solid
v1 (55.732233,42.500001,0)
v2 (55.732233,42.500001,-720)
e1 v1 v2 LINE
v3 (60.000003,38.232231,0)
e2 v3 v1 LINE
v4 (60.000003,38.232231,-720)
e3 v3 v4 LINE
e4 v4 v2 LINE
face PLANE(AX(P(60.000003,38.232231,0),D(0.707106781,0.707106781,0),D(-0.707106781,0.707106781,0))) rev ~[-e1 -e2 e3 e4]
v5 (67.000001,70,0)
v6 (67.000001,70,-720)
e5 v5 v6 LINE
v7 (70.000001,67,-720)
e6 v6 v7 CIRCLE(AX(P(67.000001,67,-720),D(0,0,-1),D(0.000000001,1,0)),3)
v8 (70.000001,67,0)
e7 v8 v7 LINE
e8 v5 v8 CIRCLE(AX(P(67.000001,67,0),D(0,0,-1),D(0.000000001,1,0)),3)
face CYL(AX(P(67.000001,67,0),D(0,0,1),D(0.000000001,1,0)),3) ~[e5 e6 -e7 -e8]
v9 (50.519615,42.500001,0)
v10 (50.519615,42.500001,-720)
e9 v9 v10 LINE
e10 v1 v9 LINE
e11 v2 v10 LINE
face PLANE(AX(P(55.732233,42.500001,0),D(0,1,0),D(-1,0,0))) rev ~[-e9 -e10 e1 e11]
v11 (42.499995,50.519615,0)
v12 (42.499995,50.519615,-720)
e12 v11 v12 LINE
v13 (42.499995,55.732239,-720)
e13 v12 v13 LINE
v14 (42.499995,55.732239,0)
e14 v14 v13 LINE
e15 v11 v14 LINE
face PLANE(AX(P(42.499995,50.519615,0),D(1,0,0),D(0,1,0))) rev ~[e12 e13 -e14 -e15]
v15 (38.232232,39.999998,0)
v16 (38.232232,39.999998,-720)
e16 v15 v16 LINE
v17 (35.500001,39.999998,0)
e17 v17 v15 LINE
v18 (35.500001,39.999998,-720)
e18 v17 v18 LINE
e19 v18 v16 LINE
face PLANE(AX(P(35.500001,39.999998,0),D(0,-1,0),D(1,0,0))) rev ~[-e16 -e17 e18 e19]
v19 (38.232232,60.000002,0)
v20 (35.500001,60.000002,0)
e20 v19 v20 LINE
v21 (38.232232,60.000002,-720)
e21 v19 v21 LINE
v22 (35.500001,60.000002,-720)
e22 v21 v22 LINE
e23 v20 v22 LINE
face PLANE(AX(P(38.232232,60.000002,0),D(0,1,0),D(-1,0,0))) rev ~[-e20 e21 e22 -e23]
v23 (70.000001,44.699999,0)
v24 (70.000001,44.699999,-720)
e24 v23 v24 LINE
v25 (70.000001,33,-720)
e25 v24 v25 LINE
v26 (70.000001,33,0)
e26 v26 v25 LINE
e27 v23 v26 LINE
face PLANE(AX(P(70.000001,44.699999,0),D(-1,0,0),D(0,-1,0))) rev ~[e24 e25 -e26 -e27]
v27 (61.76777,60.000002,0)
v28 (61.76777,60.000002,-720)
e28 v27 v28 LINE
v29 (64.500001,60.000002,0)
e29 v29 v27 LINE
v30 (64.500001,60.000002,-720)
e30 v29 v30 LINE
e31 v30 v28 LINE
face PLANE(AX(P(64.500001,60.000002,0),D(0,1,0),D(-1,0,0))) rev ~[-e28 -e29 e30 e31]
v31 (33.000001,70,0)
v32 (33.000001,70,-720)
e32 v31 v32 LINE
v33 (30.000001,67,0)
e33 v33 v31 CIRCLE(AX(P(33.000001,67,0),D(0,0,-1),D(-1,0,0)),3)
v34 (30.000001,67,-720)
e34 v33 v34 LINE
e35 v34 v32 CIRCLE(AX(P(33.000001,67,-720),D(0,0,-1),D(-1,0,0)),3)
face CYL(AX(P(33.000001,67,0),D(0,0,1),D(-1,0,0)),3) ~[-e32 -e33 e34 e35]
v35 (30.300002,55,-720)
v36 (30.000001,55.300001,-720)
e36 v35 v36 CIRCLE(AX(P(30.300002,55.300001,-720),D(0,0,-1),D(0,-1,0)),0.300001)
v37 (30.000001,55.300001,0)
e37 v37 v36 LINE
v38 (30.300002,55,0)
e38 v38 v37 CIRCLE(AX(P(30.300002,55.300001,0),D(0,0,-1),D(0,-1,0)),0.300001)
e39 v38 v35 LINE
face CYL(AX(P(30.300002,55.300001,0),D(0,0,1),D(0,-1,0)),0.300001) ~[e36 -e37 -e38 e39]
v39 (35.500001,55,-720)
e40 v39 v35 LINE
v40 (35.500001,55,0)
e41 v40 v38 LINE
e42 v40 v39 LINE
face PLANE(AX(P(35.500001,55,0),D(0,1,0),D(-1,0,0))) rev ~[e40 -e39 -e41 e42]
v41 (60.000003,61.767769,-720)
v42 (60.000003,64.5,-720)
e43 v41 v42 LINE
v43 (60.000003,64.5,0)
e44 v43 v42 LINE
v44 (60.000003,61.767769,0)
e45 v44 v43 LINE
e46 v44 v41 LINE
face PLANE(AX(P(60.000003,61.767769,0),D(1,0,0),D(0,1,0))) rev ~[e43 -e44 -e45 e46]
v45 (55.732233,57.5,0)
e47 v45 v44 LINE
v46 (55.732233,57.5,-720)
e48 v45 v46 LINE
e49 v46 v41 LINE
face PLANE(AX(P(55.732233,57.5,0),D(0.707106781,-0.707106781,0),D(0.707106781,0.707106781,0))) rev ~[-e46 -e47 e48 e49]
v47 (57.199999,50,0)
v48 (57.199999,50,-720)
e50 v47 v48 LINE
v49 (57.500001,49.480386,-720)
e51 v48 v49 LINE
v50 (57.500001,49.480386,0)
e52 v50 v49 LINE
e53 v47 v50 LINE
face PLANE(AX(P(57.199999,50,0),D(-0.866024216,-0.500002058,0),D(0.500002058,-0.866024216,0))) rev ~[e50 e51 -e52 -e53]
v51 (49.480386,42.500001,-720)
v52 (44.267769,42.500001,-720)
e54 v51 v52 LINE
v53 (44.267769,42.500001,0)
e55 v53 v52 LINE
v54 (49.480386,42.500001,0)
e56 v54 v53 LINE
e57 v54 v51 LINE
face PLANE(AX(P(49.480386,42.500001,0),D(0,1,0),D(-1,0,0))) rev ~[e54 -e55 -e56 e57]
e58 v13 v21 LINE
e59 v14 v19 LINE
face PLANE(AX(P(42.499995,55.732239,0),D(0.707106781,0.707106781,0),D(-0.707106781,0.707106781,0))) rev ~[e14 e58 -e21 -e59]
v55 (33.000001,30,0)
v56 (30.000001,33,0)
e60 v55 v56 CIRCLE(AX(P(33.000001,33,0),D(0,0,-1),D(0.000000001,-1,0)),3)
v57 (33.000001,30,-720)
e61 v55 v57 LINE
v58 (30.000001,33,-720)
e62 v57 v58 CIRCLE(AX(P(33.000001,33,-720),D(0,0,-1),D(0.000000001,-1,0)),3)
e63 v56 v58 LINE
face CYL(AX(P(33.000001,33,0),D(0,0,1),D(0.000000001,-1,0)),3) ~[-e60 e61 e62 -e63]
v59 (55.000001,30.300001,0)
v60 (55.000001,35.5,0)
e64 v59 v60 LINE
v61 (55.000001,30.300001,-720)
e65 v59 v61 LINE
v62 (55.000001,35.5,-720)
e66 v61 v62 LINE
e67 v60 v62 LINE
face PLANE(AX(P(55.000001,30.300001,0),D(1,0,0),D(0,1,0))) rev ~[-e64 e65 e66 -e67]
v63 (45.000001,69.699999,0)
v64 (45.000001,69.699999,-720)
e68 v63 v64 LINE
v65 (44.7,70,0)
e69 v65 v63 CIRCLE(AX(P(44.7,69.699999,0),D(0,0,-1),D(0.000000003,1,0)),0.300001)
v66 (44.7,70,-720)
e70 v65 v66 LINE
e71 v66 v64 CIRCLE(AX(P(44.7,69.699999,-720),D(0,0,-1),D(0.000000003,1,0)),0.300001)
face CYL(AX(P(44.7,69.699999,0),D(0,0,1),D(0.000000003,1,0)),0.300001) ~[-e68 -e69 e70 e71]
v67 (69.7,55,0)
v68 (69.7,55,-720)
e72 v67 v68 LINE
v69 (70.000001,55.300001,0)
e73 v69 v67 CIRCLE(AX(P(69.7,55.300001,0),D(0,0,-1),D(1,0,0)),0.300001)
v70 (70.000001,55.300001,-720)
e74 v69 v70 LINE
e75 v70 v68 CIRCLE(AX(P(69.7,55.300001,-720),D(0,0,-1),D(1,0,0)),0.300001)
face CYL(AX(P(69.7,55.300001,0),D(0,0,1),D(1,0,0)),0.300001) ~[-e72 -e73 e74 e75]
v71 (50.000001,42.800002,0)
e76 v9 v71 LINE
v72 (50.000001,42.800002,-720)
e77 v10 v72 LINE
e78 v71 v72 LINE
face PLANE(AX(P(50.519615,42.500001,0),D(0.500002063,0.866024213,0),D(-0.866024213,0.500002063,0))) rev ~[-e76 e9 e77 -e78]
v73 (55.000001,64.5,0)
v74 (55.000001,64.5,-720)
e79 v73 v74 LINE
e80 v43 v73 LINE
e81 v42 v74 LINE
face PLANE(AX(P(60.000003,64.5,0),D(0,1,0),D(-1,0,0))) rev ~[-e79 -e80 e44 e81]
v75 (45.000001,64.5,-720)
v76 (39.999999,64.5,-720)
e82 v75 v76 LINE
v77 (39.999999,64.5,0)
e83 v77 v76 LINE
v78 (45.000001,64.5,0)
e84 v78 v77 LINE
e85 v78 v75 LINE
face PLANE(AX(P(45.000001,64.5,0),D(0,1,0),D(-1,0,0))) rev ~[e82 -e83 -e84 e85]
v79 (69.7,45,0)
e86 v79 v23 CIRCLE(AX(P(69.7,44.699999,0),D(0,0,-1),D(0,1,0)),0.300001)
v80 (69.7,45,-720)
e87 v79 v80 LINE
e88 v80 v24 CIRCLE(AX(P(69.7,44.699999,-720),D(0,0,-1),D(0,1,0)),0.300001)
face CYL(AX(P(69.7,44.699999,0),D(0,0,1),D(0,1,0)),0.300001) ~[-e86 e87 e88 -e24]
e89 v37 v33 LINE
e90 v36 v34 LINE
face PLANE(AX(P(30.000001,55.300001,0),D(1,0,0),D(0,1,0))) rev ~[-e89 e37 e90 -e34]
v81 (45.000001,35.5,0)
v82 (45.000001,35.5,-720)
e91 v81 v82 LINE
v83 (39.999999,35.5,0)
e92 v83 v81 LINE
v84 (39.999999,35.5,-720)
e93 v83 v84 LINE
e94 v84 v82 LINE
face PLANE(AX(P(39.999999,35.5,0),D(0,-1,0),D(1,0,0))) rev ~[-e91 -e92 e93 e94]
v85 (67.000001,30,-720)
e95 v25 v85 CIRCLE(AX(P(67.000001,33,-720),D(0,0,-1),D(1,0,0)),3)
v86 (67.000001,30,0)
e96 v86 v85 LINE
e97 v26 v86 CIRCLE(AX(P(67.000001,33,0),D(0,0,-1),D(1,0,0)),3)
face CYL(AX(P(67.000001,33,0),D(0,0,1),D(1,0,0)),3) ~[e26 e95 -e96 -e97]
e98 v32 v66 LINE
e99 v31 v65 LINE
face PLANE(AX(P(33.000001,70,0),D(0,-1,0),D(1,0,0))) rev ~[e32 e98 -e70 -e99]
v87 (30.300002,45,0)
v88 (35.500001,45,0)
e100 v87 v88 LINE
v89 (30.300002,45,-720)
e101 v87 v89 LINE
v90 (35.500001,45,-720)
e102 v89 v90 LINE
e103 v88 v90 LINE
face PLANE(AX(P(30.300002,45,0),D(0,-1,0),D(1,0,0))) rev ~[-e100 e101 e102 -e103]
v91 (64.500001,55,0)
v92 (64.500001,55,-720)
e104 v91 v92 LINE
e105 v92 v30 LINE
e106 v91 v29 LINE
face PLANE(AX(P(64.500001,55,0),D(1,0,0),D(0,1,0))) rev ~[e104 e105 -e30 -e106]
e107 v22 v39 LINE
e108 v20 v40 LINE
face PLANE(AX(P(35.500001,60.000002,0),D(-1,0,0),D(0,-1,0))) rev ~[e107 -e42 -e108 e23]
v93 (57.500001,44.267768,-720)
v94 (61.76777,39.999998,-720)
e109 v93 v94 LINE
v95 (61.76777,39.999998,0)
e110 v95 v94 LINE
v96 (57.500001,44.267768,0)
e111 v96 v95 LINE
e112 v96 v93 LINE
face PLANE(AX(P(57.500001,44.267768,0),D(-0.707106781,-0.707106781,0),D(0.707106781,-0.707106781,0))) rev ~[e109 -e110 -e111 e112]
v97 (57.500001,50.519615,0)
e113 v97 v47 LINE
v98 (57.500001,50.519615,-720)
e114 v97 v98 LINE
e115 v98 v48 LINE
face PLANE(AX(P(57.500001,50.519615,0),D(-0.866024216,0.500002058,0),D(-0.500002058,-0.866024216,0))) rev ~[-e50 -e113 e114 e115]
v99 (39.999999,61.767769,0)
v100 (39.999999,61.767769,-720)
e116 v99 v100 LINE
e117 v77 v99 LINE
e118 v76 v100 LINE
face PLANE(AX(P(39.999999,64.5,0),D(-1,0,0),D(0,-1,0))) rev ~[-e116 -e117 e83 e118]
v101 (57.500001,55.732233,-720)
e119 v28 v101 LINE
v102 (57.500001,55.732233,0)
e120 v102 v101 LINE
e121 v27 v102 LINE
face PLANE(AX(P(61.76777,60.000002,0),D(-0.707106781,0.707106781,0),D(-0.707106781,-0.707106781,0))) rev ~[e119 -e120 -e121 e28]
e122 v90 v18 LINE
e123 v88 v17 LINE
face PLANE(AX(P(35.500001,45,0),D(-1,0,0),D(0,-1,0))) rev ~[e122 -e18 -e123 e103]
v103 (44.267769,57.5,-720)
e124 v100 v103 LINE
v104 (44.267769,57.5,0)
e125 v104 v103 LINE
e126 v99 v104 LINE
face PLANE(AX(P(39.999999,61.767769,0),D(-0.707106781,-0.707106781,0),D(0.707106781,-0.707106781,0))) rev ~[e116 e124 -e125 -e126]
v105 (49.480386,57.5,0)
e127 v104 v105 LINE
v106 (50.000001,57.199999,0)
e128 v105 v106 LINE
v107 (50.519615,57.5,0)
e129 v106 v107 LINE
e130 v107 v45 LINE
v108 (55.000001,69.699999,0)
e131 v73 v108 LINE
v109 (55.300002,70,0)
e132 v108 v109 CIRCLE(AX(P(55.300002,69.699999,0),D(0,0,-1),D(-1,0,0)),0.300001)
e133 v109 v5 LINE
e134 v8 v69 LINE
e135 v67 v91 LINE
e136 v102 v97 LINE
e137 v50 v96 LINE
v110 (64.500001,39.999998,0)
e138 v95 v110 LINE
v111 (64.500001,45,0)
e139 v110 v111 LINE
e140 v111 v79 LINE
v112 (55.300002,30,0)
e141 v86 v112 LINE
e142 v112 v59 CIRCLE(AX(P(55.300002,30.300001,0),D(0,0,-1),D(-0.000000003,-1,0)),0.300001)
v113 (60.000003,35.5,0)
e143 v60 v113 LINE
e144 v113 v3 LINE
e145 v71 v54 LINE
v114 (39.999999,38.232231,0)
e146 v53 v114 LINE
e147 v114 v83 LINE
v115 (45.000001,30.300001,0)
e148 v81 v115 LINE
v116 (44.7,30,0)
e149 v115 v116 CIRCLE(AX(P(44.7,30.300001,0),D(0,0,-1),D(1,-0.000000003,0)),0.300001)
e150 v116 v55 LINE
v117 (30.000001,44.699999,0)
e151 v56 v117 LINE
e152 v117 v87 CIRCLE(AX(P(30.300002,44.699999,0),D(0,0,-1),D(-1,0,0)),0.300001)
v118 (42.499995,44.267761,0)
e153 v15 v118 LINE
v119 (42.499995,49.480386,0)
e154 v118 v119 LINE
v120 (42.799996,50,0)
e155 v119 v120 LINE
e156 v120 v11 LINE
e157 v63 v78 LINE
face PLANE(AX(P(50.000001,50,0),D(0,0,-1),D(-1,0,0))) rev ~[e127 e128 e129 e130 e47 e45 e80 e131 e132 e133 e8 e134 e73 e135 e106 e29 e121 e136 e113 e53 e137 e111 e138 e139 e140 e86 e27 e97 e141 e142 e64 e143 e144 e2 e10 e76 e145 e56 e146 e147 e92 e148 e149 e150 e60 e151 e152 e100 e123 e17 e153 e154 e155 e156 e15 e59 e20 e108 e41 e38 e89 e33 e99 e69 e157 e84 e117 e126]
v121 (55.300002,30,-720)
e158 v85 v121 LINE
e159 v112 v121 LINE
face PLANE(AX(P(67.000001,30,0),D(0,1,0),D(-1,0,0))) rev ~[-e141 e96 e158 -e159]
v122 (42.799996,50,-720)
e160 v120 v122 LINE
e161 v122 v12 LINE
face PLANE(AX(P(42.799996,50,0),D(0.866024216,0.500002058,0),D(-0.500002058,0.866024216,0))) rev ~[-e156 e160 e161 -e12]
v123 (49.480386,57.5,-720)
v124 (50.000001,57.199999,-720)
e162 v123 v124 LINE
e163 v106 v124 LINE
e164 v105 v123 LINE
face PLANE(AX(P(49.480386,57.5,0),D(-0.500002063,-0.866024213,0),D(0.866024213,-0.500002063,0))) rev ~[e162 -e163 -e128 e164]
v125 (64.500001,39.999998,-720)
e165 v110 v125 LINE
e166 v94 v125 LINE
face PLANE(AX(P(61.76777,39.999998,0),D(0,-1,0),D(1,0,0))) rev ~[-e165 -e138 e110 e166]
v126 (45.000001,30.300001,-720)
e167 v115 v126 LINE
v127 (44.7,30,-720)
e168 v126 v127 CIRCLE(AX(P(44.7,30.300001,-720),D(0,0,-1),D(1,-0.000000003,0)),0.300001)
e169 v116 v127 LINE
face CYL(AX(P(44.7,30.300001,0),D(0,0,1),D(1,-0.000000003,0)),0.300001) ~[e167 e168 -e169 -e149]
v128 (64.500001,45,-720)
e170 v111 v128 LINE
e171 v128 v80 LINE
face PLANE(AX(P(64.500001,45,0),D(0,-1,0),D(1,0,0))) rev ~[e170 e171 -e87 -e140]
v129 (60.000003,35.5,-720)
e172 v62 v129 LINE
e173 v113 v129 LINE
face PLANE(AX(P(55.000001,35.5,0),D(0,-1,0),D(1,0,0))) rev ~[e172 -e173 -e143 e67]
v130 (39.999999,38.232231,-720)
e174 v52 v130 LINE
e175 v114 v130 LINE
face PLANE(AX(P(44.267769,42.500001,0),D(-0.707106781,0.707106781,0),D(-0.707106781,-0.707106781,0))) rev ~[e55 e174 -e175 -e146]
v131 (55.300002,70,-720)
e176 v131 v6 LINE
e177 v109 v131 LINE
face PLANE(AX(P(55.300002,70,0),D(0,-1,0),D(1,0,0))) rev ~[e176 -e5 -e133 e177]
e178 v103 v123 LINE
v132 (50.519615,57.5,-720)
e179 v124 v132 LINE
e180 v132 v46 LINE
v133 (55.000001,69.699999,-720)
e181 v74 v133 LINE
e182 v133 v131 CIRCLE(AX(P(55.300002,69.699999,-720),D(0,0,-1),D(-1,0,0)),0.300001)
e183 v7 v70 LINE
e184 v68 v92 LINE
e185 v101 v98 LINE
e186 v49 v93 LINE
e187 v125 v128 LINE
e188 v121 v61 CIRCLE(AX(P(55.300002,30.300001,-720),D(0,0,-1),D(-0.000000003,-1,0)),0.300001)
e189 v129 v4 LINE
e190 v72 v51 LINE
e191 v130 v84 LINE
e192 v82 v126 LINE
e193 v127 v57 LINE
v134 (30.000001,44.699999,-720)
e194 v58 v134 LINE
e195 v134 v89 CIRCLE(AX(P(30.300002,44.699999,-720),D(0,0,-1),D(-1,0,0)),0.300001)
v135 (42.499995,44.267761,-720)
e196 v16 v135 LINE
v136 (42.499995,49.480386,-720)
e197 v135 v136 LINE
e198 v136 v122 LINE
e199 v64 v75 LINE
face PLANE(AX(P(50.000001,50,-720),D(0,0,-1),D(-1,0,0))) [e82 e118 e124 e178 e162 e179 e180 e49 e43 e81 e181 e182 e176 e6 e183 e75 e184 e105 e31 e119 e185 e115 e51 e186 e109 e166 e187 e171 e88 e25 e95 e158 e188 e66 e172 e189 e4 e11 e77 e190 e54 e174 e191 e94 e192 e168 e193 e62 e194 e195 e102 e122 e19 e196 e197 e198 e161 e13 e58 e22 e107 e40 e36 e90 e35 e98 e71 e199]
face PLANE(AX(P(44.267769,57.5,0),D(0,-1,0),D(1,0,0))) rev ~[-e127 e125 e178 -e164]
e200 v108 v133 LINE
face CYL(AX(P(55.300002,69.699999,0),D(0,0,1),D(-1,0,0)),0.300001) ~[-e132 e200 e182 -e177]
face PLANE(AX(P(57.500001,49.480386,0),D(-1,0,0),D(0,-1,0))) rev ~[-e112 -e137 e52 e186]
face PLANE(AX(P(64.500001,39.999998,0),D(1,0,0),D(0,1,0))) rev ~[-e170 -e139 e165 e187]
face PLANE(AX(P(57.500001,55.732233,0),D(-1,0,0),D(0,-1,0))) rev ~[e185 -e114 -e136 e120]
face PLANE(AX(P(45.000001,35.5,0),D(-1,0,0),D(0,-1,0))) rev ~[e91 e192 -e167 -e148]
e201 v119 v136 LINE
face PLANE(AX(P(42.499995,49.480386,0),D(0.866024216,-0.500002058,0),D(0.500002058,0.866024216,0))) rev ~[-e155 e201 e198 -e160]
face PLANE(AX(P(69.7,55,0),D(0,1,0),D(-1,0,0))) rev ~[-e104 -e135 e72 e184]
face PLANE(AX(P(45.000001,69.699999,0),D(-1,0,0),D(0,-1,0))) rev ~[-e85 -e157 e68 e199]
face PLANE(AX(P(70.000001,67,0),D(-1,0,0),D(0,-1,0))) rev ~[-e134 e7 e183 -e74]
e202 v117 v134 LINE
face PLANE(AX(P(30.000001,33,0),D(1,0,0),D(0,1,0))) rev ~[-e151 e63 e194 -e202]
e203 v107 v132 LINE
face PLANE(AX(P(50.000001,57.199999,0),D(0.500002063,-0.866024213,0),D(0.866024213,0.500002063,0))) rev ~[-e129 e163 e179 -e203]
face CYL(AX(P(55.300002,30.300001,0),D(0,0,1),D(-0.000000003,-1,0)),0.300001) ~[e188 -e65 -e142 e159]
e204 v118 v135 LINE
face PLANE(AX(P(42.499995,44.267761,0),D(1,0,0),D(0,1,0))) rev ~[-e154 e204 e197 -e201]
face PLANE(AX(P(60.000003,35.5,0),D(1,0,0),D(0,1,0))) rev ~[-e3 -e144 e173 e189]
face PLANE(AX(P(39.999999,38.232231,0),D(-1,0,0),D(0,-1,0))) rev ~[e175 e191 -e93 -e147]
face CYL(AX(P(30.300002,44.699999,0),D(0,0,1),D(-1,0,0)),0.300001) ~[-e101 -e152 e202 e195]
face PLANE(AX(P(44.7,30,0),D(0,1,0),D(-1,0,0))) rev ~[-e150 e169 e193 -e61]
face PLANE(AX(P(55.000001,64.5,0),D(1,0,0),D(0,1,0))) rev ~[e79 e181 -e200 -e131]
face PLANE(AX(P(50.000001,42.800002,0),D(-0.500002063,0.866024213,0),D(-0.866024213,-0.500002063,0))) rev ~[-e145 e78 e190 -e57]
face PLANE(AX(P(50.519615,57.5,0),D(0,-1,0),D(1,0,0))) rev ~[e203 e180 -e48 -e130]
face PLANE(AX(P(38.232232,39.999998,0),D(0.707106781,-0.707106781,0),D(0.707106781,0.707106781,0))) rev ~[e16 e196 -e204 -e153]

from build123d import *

# Parameters (mm, degrees)
EXTRUDE_1_DEPTH = 720


with BuildPart() as part:
    # Model → ﾎﾞｽ - 押し出し1 (new body)
    with BuildSketch(Plane.XY):
        with BuildLine():
            Line((69.700000053, 55.000000195), (64.500000711, 55.000000195))
            Line((64.500000711, 55.000000195), (64.500000711, 60.000002187))
            Line((64.500000711, 60.000002187), (61.76777021, 60.000002187))
            Line((61.76777021, 60.000002187), (57.500000584, 55.732232559))
            Line((57.500000584, 55.732232559), (57.500000584, 50.519614724))
            Line((57.500000584, 50.519614724), (57.199999339, 50.000000177))
            Line((57.199999339, 50.000000177), (57.500000584, 49.48038563))
            Line((57.500000584, 49.48038563), (57.500000584, 44.267767795))
            Line((57.500000584, 44.267767795), (61.76777021, 39.999998167))
            Line((61.76777021, 39.999998167), (64.500000711, 39.999998167))
            Line((64.500000711, 39.999998167), (64.500000711, 45.000000159))
            Line((64.500000711, 45.000000159), (69.700000053, 45.000000159))
            ThreePointArc((69.700000053, 45.000000159), (69.9121326, 44.912131981), (70.000000778, 44.699999434))
            Line((70.000000778, 44.699999434), (70.000000778, 33.000000332))
            ThreePointArc((70.000000778, 33.000000332), (69.121321121, 30.878679988), (67.000000778, 30.000000332))
            Line((67.000000778, 30.000000332), (55.300001675, 30.000000332))
            ThreePointArc((55.300001675, 30.000000332), (55.087869129, 30.08786851), (55.000000951, 30.300001056))
            Line((55.000000951, 30.300001056), (55.000000951, 35.500000399))
            Line((55.000000951, 35.500000399), (60.000002943, 35.500000399))
            Line((60.000002943, 35.500000399), (60.000002943, 38.232230899))
            Line((60.000002943, 38.232230899), (55.732233316, 42.500000527))
            Line((55.732233316, 42.500000527), (50.519615481, 42.500000527))
            Line((50.519615481, 42.500000527), (50.000000936, 42.800001775))
            Line((50.000000936, 42.800001775), (49.480386391, 42.500000527))
            Line((49.480386391, 42.500000527), (44.267768556, 42.500000527))
            Line((44.267768556, 42.500000527), (39.999998929, 38.232230899))
            Line((39.999998929, 38.232230899), (39.999998929, 35.500000399))
            Line((39.999998929, 35.500000399), (45.000000921, 35.500000399))
            Line((45.000000921, 35.500000399), (45.000000921, 30.300001056))
            ThreePointArc((45.000000921, 30.300001056), (44.912132743, 30.08786851), (44.700000197, 30.000000332))
            Line((44.700000197, 30.000000332), (33.000001094, 30.000000332))
            ThreePointArc((33.000001094, 30.000000332), (30.87868075, 30.878679988), (30.000001094, 33.000000332))
            Line((30.000001094, 33.000000332), (30.000001094, 44.699999434))
            ThreePointArc((30.000001094, 44.699999434), (30.087869272, 44.912131981), (30.300001819, 45.000000159))
            Line((30.300001819, 45.000000159), (35.500001161, 45.000000159))
            Line((35.500001161, 45.000000159), (35.500001161, 39.999998167))
            Line((35.500001161, 39.999998167), (38.232231661, 39.999998167))
            Line((38.232231661, 39.999998167), (42.499994889, 44.267761396))
            Line((42.499994889, 44.267761396), (42.499994889, 49.48038563))
            Line((42.499994889, 49.48038563), (42.799996134, 50.000000177))
            Line((42.799996134, 50.000000177), (42.499994889, 50.519614724))
            Line((42.499994889, 50.519614724), (42.499994889, 55.732238958))
            Line((42.499994889, 55.732238958), (38.232231661, 60.000002187))
            Line((38.232231661, 60.000002187), (35.500001161, 60.000002187))
            Line((35.500001161, 60.000002187), (35.500001161, 55.000000195))
            Line((35.500001161, 55.000000195), (30.300001819, 55.000000195))
            ThreePointArc((30.300001819, 55.000000195), (30.087869272, 55.087868373), (30.000001094, 55.30000092))
            Line((30.000001094, 55.30000092), (30.000001094, 67.000000023))
            ThreePointArc((30.000001094, 67.000000023), (30.87868075, 69.121320366), (33.000001094, 70.000000023))
            Line((33.000001094, 70.000000023), (44.700000197, 70.000000023))
            ThreePointArc((44.700000197, 70.000000023), (44.912132743, 69.912131845), (45.000000921, 69.699999298))
            Line((45.000000921, 69.699999298), (45.000000921, 64.499999956))
            Line((45.000000921, 64.499999956), (39.999998929, 64.499999956))
            Line((39.999998929, 64.499999956), (39.999998929, 61.767769455))
            Line((39.999998929, 61.767769455), (44.267768556, 57.499999827))
            Line((44.267768556, 57.499999827), (49.480386391, 57.499999827))
            Line((49.480386391, 57.499999827), (50.000000936, 57.199998579))
            Line((50.000000936, 57.199998579), (50.519615481, 57.499999827))
            Line((50.519615481, 57.499999827), (55.732233316, 57.499999827))
            Line((55.732233316, 57.499999827), (60.000002943, 61.767769455))
            Line((60.000002943, 61.767769455), (60.000002943, 64.499999956))
            Line((60.000002943, 64.499999956), (55.000000951, 64.499999956))
            Line((55.000000951, 64.499999956), (55.000000951, 69.699999298))
            ThreePointArc((55.000000951, 69.699999298), (55.087869129, 69.912131845), (55.300001675, 70.000000023))
            Line((55.300001675, 70.000000023), (67.000000778, 70.000000023))
            ThreePointArc((67.000000778, 70.000000023), (69.121321121, 69.121320366), (70.000000778, 67.000000023))
            Line((70.000000778, 67.000000023), (70.000000778, 55.30000092))
            ThreePointArc((70.000000778, 55.30000092), (69.9121326, 55.087868373), (69.700000053, 55.000000195))
        make_face()
    extrude(amount=-EXTRUDE_1_DEPTH)


solid = part.part
